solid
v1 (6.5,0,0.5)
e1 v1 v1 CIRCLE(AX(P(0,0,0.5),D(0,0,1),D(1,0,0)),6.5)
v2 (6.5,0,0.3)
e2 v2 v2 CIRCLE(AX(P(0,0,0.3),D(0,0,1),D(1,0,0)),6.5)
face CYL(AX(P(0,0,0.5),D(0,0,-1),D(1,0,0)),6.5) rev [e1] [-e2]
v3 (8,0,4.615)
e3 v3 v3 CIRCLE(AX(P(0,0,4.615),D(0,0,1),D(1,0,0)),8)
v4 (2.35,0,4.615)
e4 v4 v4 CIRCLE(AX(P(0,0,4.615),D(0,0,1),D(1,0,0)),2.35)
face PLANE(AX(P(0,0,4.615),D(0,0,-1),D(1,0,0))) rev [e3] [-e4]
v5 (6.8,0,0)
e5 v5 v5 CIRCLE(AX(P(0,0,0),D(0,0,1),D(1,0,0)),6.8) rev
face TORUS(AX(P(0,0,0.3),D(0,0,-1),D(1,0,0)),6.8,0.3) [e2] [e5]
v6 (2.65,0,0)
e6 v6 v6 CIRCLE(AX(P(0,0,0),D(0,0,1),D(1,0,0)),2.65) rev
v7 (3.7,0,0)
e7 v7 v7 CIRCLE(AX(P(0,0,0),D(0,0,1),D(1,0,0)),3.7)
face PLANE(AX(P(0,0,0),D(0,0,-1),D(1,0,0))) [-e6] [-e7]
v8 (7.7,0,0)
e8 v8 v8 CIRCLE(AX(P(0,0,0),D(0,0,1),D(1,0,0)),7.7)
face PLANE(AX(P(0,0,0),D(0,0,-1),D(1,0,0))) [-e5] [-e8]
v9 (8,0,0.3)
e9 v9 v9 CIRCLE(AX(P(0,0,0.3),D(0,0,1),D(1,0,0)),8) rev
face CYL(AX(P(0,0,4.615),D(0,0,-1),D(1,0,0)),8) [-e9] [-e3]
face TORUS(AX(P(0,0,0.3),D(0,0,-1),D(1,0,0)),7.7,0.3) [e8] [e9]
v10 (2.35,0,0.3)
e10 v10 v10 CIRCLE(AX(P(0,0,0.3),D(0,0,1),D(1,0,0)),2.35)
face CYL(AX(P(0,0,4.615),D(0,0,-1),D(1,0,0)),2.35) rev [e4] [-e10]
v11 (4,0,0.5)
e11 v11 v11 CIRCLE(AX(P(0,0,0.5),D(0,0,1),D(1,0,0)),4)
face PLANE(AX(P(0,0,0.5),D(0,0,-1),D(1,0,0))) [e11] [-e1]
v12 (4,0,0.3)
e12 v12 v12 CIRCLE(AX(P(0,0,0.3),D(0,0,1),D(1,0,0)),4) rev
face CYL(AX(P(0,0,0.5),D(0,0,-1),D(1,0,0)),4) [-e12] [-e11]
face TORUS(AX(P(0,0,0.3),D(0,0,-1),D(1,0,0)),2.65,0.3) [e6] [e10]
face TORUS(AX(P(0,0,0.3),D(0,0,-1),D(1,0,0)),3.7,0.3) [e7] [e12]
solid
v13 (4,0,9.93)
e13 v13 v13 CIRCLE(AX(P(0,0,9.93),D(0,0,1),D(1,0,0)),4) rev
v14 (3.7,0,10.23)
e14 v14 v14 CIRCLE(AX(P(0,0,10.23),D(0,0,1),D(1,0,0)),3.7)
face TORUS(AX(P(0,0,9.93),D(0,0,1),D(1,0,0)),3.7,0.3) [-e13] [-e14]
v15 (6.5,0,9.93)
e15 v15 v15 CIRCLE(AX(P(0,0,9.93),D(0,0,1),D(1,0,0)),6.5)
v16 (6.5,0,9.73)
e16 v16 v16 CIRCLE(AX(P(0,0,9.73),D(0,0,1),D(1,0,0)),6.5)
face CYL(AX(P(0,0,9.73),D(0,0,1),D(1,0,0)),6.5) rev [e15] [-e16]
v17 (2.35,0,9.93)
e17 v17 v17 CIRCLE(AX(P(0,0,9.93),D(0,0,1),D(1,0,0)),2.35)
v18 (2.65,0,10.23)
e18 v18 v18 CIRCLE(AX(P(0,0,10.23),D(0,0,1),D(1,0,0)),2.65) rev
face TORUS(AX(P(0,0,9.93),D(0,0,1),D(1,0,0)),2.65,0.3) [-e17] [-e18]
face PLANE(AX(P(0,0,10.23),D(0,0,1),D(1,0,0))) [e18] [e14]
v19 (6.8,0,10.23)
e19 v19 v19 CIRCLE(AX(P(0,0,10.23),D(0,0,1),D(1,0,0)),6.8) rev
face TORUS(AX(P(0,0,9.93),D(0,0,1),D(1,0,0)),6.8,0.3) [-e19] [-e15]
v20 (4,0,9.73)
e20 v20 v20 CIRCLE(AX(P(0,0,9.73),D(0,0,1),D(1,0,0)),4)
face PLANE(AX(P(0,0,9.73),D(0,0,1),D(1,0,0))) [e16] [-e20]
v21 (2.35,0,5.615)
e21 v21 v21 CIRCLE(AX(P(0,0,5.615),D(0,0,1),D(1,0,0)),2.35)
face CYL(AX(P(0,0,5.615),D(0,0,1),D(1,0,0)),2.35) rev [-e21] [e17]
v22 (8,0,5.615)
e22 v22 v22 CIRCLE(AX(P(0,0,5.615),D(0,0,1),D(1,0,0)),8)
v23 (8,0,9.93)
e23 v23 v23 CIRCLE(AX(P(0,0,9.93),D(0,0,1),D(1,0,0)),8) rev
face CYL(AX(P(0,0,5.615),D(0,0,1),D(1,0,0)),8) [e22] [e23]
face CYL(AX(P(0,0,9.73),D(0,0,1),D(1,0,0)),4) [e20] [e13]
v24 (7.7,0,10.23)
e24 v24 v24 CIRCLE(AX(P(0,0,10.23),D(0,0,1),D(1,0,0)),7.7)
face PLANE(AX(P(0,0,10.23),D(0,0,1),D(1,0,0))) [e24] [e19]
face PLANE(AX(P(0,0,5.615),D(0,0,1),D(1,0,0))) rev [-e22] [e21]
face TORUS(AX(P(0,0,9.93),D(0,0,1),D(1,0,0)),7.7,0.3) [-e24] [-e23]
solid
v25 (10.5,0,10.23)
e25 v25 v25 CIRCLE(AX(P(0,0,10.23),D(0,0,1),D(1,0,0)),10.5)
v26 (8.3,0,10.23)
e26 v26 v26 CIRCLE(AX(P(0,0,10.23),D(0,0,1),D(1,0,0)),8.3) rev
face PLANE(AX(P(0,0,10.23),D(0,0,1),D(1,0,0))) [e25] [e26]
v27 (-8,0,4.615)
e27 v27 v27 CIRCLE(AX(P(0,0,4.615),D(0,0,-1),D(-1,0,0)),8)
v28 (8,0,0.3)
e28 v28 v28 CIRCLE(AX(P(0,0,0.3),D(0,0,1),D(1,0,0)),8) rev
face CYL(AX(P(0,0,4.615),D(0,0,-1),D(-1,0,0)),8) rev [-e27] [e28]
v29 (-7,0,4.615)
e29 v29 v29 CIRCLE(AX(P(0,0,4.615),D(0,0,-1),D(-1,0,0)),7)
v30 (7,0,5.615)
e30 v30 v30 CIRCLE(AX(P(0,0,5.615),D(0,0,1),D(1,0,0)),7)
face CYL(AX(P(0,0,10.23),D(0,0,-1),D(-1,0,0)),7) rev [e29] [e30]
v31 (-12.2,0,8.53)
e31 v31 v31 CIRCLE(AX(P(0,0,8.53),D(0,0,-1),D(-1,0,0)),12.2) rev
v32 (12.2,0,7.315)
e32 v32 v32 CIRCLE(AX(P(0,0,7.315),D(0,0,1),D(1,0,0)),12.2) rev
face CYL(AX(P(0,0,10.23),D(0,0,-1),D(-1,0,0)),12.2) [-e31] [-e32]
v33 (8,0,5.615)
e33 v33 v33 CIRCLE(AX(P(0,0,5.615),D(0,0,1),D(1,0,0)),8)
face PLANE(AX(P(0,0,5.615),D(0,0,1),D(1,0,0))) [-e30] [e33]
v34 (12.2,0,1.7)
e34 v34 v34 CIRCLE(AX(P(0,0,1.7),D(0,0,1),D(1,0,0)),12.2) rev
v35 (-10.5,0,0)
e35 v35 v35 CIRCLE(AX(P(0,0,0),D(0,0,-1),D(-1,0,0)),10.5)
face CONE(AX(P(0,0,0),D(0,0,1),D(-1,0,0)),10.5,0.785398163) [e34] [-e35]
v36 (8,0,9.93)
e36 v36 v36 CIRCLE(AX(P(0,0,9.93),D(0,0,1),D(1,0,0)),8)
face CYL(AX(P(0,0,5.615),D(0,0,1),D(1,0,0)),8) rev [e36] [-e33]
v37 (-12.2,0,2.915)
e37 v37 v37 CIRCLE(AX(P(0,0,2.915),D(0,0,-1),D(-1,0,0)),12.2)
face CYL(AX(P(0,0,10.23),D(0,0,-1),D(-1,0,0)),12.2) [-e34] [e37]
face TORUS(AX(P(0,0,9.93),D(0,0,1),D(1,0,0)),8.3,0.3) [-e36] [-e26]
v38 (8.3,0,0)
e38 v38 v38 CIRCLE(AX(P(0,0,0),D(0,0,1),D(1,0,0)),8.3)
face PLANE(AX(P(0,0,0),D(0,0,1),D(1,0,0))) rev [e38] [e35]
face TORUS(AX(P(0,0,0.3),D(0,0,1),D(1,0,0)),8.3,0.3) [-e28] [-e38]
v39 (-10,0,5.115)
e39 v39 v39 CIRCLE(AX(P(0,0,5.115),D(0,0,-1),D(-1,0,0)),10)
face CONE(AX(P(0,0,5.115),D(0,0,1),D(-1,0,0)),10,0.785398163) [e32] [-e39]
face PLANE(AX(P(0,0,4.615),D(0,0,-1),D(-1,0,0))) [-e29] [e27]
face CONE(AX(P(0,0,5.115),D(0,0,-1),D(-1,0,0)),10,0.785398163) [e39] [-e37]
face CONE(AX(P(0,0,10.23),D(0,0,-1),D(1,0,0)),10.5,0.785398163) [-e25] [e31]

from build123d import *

# Parameters (mm, degrees)
SKETCH_1_R                    = 12.2
SKETCH_1_R_2                  = 7
EXTRUDE_1_DEPTH               = 10.23
SKETCH_2_OUTSIDE_W            = 38.438
SKETCH_2_OUTSIDE_H            = 38.438
SKETCH_2_OUTSIDE_R            = 10.5
CUT_EXTRUDE_1_DEPTH           = 2.42
CUT_EXTRUDE_1_DRAFT           = -45
SKETCH_4_OUTSIDE_W            = 38.438
SKETCH_4_OUTSIDE_H            = 38.438
SKETCH_4_OUTSIDE_R            = 10.5
CUT_EXTRUDE_2_DEPTH           = 2.42
CUT_EXTRUDE_2_DRAFT           = -45
SKETCH_8_R                    = 8
CUT_EXTRUDE_6_DEPTH           = 4.615
CUT_EXTRUDE_START             = -4.615
SKETCH_9_R                    = 8
CUT_EXTRUDE_7_DEPTH           = 4.615
SKETCH_7_OUTSIDE_W            = 38.988
SKETCH_7_OUTSIDE_H            = 38.988
SKETCH_7_OUTSIDE_R            = 10
CUT_EXTRUDE_5_DEPTH           = 2.695
CUT_EXTRUDE_5_TAPER           = 45
CUT_EXTRUDE_5_OTHER_WAY_DEPTH = 2.695
CUT_EXTRUDE_5_OTHER_WAY_TAPER = 45
FILLET_1_R                    = 0.3
SKETCH_10_R                   = 8
SKETCH_10_R_2                 = 2.35
EXTRUDE_2_DEPTH               = 4.615
SKETCH_11_R                   = 6.5
SKETCH_11_R_2                 = 4
CUT_EXTRUDE_8_DEPTH           = 0.5
FILLET_2_R                    = 0.3


with BuildPart() as part:
    # Эскиз1 → Бобышка-Вытянуть1 (new body)
    with BuildSketch(Plane.XY):
        Circle(SKETCH_1_R)
        Circle(SKETCH_1_R_2, mode=Mode.SUBTRACT)
    extrude(amount=EXTRUDE_1_DEPTH)


with BuildPart() as cut_extrude_1_tool:
    # Эскиз2 outside → Вырез-Вытянуть1 (with draft: the straight prism first)
    with BuildSketch(Plane.XY.offset(10.23)):
        Rectangle(SKETCH_2_OUTSIDE_W, SKETCH_2_OUTSIDE_H)
        Circle(SKETCH_2_OUTSIDE_R, mode=Mode.SUBTRACT)
    extrude(amount=-CUT_EXTRUDE_1_DEPTH)
    # Вырез-Вытянуть1: the draft: its side faces are tilted about the plane it starts from
    cut_extrude_1_sides = [cut_extrude_1_tool.faces().sort_by_distance(p)[0] for p in [
        (0, -19.219, 9.02),
        (19.219, 0, 9.02),
        (0, 19.219, 9.02),
        (-19.219, 0, 9.02),
        (-10.5, 0, 9.02),
    ]]
    draft(cut_extrude_1_sides, Plane.XY.offset(10.23), CUT_EXTRUDE_1_DRAFT)


with BuildPart() as part_1:
    add(part.part)

    # Вырез-Вытянуть1: cut by cut_extrude_1_tool
    add(cut_extrude_1_tool.part, mode=Mode.SUBTRACT)


with BuildPart() as cut_extrude_2_tool:
    # Эскиз4 outside → Вырез-Вытянуть2 (with draft: the straight prism first)
    with BuildSketch(Plane(origin=(0, 0, 0), x_dir=(-1, 0, 0), z_dir=(0, 0, -1))):
        Rectangle(SKETCH_4_OUTSIDE_W, SKETCH_4_OUTSIDE_H)
        Circle(SKETCH_4_OUTSIDE_R, mode=Mode.SUBTRACT)
    extrude(amount=-CUT_EXTRUDE_2_DEPTH)
    # Вырез-Вытянуть2: the draft: its side faces are tilted about the plane it starts from
    cut_extrude_2_sides = [cut_extrude_2_tool.faces().sort_by_distance(p)[0] for p in [
        (0, -19.219, 1.21),
        (-19.219, 0, 1.21),
        (0, 19.219, 1.21),
        (19.219, 0, 1.21),
        (10.5, 0, 1.21),
    ]]
    draft(cut_extrude_2_sides, Plane(origin=(0, 0, 0), x_dir=(-1, 0, 0), z_dir=(0, 0, -1)), CUT_EXTRUDE_2_DRAFT)


with BuildPart() as part_2:
    add(part_1.part)

    # Вырез-Вытянуть2: cut by cut_extrude_2_tool
    add(cut_extrude_2_tool.part, mode=Mode.SUBTRACT)

    # Эскиз8 → Вырез-Вытянуть6 (cut)
    with BuildSketch(Plane.XY.offset(10.23)):
        Circle(SKETCH_8_R)
    extrude(amount=-CUT_EXTRUDE_6_DEPTH, mode=Mode.SUBTRACT)

    # Эскиз9 → Вырез-Вытянуть7 (cut)
    with BuildSketch(Plane(origin=(0, 0, 0), x_dir=(-1, 0, 0), z_dir=(0, 0, -1)).offset(CUT_EXTRUDE_START)):
        with Locations(Location((0, 0, 0), (0, 0, 180))):
            Circle(SKETCH_9_R)
    extrude(amount=CUT_EXTRUDE_7_DEPTH, mode=Mode.SUBTRACT)

    # Эскиз7 outside → Вырез-Вытянуть5 (cut)
    with BuildSketch(Plane(origin=(0, 0, 5.115), x_dir=(-1, 0, 0), z_dir=(0, 0, -1))):
        Rectangle(SKETCH_7_OUTSIDE_W, SKETCH_7_OUTSIDE_H)
        Circle(SKETCH_7_OUTSIDE_R, mode=Mode.SUBTRACT)
    extrude(amount=CUT_EXTRUDE_5_DEPTH, taper=CUT_EXTRUDE_5_TAPER, mode=Mode.SUBTRACT)

    # Эскиз7 outside → Вырез-Вытянуть5 other way (cut)
    with BuildSketch(Plane(origin=(0, 0, 5.115), x_dir=(-1, 0, 0), z_dir=(0, 0, -1))):
        Rectangle(SKETCH_7_OUTSIDE_W, SKETCH_7_OUTSIDE_H)
        Circle(SKETCH_7_OUTSIDE_R, mode=Mode.SUBTRACT)
    extrude(amount=-CUT_EXTRUDE_5_OTHER_WAY_DEPTH, taper=CUT_EXTRUDE_5_OTHER_WAY_TAPER, mode=Mode.SUBTRACT)

    # Скругление1
    fillet_1_edges = [part_2.edges().sort_by_distance(p)[0] for p in [
        (-8, 0, 10.23),
        (-8, 0, 0),
    ]]
    fillet(fillet_1_edges, radius=FILLET_1_R)


with BuildPart() as body_2:
    # Эскиз10 → Бобышка-Вытянуть2 (new body)
    with BuildSketch(Plane.XY.offset(10.23)):
        Circle(SKETCH_10_R)
        Circle(SKETCH_10_R_2, mode=Mode.SUBTRACT)
    extrude(amount=-EXTRUDE_2_DEPTH)

    # Эскиз11 → Вырез-Вытянуть8 (cut)
    with BuildSketch(Plane.XY.offset(10.23)):
        Circle(SKETCH_11_R)
        Circle(SKETCH_11_R_2, mode=Mode.SUBTRACT)
    extrude(amount=-CUT_EXTRUDE_8_DEPTH, mode=Mode.SUBTRACT)

    # Скругление2
    fillet_2_edges = [body_2.edges().sort_by_distance(p)[0] for p in [
        (-6.5, 0, 10.23),
        (-4, 0, 10.23),
        (-8, 0, 10.23),
        (-2.35, 0, 10.23),
    ]]
    fillet(fillet_2_edges, radius=FILLET_2_R)


with BuildPart() as body_3:
    # Зеркальное отражение1: mirrored copy
    add(body_2.part.mirror(Plane(origin=(0, 0, 5.115), x_dir=(1, 0, 0), z_dir=(0, 0, -1))))


solid = Compound([part_2.part, body_2.part, body_3.part])
